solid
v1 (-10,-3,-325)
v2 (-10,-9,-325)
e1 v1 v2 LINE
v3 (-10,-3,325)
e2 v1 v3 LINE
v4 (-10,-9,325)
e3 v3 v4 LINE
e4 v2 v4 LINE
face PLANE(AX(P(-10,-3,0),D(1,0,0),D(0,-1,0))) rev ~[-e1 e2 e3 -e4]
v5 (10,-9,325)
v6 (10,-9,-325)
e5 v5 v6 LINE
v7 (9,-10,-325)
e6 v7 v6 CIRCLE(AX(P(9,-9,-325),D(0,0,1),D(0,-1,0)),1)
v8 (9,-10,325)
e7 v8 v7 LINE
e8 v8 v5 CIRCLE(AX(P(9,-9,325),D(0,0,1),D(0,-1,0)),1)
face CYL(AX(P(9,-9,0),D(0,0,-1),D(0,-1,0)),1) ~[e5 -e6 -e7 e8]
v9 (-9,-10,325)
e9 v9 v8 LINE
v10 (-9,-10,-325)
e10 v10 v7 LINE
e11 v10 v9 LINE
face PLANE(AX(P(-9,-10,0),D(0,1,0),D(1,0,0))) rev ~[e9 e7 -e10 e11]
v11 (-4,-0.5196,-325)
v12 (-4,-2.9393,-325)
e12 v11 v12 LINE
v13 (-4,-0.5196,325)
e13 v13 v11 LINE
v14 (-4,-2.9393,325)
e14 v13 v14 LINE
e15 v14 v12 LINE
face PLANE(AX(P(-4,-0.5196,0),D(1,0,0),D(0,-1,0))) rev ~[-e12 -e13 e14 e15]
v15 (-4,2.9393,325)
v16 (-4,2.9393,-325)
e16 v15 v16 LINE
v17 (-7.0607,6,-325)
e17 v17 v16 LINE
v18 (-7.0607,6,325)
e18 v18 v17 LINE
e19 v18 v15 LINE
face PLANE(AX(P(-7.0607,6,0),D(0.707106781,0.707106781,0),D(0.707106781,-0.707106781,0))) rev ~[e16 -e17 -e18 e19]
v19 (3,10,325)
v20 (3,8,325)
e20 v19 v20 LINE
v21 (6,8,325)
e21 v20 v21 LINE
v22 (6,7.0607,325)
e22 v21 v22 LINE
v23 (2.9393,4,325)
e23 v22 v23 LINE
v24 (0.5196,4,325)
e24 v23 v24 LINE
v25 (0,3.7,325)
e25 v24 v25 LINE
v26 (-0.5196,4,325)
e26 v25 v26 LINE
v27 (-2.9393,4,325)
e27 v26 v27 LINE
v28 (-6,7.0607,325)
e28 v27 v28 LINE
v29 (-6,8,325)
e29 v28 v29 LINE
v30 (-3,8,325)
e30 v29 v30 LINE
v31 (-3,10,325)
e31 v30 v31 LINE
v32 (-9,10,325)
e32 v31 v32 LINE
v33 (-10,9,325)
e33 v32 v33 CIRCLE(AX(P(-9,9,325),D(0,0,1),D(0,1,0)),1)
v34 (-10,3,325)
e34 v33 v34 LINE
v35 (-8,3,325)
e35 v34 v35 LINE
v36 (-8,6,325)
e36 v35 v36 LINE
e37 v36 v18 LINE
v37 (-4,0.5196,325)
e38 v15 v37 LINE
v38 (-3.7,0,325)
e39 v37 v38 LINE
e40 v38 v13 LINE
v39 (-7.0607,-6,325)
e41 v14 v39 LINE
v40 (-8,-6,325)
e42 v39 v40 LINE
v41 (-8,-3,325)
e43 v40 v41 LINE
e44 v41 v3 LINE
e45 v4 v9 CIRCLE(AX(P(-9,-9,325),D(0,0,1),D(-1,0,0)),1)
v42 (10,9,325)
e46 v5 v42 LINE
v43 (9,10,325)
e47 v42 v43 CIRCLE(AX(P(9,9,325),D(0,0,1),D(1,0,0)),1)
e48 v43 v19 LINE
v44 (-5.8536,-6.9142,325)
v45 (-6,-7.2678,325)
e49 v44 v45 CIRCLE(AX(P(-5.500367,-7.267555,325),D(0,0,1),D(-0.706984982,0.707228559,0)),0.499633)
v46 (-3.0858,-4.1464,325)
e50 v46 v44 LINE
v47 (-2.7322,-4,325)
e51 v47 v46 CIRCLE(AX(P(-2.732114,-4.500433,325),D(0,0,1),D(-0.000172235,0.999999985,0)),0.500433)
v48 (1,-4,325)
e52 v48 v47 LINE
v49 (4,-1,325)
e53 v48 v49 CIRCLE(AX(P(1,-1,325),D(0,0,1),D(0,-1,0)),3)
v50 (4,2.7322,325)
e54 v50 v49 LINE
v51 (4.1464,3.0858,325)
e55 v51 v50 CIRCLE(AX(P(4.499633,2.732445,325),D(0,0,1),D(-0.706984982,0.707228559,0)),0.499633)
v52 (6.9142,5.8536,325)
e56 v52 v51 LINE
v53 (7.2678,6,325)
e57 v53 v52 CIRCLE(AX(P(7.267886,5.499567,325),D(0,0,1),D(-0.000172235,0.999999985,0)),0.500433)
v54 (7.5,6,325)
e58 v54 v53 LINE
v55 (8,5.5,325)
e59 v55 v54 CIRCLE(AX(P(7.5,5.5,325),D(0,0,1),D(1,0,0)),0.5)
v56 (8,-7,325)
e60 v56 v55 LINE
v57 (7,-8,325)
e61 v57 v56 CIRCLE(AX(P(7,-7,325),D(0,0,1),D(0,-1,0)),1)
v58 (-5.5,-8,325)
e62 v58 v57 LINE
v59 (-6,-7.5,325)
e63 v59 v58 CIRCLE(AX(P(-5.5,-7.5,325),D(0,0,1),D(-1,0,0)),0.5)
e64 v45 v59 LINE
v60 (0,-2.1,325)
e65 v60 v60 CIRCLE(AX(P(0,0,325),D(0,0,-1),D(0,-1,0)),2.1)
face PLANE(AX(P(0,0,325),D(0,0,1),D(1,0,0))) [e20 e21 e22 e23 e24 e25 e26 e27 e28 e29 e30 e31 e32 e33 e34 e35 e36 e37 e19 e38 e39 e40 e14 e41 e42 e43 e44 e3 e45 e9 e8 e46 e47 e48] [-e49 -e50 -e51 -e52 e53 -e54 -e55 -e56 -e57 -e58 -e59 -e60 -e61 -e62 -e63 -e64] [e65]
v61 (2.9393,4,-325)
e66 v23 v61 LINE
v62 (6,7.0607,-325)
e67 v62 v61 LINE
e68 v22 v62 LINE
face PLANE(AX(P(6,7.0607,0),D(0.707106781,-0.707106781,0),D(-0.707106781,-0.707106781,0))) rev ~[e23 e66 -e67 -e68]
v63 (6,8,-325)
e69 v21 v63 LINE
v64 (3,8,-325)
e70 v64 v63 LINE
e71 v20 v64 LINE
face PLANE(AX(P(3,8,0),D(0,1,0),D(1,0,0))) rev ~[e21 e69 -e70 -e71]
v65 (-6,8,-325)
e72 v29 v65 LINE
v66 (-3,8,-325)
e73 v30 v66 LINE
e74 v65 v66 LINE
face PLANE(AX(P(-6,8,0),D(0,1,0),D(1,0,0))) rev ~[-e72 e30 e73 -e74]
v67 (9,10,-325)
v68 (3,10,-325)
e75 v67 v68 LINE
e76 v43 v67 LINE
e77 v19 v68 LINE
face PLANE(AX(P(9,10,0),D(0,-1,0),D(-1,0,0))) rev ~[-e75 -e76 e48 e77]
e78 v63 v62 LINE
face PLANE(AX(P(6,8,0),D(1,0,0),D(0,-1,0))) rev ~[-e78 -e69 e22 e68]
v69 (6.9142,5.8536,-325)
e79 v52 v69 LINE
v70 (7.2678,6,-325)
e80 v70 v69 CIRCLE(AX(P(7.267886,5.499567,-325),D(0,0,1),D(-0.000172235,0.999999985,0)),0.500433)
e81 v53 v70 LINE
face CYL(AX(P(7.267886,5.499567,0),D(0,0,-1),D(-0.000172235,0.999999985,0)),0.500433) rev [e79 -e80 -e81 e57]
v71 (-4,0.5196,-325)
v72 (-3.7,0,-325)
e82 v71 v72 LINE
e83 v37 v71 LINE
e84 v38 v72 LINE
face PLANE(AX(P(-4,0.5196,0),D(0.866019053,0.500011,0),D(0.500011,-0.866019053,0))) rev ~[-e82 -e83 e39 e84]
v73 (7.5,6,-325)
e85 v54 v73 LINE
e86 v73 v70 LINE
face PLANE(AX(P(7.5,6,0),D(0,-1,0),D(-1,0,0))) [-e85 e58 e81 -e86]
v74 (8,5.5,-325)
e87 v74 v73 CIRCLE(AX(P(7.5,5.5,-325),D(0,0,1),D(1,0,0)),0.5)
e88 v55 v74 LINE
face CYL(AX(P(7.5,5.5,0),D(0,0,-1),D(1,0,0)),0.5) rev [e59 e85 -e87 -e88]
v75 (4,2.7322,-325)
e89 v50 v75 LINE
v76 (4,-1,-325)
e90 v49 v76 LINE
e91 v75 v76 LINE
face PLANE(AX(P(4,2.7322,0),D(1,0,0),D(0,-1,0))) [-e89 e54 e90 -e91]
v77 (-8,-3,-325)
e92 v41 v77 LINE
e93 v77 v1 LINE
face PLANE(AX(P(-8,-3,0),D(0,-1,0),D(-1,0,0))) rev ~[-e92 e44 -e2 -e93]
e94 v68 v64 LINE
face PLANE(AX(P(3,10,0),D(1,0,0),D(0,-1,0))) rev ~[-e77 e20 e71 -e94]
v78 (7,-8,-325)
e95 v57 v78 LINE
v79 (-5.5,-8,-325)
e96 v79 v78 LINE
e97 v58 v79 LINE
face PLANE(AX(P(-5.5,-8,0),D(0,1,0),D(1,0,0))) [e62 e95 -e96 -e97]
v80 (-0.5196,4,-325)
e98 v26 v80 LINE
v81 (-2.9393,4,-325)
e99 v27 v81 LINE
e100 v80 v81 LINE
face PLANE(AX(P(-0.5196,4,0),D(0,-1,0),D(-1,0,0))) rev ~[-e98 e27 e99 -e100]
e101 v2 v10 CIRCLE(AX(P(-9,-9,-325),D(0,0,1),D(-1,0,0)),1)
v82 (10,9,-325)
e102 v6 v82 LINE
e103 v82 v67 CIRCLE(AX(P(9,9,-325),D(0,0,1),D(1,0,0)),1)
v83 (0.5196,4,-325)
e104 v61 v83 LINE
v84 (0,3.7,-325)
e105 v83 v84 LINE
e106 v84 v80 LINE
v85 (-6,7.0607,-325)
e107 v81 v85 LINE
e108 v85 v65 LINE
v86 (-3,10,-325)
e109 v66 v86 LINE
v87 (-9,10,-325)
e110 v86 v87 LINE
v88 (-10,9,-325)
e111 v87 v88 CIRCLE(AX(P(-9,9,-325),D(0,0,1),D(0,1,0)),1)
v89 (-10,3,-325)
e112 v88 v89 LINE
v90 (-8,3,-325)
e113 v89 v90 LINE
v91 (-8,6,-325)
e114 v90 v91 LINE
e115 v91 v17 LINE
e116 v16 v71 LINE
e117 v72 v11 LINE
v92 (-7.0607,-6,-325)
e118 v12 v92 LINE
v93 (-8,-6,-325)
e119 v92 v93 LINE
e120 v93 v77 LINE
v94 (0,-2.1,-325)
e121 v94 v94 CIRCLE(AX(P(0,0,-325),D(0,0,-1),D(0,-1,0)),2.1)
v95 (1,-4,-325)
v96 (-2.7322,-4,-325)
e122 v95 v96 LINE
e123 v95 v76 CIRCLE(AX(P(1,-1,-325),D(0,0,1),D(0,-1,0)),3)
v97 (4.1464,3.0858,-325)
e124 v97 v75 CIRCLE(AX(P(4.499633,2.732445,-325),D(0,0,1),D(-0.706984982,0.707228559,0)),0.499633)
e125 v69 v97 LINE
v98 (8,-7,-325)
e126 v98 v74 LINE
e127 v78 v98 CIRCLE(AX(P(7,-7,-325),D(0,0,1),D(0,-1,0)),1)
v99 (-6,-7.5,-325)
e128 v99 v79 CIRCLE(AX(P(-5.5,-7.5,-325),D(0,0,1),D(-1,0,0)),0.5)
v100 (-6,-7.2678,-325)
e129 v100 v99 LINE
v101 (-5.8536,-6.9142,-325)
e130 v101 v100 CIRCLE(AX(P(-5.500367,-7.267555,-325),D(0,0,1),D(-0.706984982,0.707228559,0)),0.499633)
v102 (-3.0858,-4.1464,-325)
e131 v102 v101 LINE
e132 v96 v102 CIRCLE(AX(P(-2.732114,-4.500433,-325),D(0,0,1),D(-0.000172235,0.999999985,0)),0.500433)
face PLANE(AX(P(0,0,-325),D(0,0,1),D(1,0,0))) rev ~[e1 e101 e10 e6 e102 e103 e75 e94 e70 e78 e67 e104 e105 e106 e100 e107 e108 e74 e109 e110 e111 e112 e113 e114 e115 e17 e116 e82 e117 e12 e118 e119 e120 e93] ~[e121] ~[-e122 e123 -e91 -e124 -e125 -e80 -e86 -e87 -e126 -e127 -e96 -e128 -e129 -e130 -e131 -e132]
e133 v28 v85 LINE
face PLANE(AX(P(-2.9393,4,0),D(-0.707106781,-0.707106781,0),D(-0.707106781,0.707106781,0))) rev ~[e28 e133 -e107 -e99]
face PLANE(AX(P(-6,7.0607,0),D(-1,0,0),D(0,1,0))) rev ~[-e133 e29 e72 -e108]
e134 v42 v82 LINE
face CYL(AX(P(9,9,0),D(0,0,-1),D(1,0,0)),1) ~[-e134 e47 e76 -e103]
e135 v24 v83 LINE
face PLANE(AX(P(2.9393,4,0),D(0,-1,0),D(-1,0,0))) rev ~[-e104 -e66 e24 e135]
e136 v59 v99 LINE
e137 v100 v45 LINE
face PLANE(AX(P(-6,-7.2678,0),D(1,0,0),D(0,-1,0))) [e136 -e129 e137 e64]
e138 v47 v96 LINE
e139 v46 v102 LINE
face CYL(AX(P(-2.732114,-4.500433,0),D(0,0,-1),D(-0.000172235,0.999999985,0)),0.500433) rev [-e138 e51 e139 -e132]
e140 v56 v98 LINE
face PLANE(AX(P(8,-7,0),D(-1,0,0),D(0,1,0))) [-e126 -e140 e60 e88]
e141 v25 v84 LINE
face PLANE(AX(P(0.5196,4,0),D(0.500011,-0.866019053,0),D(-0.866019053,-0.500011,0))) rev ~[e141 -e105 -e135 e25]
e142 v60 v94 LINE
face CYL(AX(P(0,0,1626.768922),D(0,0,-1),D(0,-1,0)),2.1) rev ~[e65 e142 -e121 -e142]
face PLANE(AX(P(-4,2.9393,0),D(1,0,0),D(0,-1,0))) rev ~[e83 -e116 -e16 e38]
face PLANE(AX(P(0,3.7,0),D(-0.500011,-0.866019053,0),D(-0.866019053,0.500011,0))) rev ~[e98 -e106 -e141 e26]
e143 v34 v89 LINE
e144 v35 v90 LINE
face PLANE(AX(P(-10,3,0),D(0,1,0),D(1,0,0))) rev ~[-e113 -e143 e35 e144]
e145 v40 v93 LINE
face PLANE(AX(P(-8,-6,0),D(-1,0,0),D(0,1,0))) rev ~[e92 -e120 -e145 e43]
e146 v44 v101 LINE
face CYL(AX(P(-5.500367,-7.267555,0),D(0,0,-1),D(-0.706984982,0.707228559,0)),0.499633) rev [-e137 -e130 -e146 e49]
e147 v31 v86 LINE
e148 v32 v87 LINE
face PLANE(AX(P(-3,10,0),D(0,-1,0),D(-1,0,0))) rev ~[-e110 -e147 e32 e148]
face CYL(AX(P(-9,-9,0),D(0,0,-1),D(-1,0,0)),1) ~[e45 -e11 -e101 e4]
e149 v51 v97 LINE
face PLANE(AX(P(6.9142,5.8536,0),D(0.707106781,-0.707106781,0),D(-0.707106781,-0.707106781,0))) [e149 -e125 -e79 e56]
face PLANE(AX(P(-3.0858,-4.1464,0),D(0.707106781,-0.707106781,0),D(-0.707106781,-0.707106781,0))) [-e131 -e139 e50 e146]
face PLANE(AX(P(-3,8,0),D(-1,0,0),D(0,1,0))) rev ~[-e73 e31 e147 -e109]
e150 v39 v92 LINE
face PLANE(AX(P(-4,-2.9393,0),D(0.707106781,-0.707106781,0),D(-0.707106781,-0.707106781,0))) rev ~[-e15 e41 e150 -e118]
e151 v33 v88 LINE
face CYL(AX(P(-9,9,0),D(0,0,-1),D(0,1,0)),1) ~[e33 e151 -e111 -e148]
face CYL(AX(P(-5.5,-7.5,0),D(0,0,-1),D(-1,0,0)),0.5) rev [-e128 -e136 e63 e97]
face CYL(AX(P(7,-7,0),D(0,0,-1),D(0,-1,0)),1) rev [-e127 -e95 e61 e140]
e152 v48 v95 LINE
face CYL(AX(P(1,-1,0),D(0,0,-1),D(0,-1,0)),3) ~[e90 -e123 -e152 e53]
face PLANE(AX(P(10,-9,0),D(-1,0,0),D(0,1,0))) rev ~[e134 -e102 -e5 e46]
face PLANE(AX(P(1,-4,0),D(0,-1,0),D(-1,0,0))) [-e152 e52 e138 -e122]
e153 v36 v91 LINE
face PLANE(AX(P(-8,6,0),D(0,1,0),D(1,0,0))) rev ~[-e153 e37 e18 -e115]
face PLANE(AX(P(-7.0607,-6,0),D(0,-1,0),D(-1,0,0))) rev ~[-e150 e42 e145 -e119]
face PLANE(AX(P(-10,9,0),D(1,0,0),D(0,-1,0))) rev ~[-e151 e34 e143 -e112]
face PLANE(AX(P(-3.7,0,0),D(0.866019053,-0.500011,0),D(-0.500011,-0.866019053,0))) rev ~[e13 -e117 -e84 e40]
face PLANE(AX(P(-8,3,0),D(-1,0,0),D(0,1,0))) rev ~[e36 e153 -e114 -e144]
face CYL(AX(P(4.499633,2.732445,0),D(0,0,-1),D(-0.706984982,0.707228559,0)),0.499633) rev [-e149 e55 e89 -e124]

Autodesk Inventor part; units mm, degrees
sketch "Sketch_64" plane through (0, 0, 0) normal (0, 0, 1) x (1, 0, 0)
  line L0 (-10, -3) -> (-10, -9)
  arc A0 (-10, -9) -> (-9, -10) centre (-9, -9) ccw
  line L1 (-9, -10) -> (9, -10)
  arc A1 (9, -10) -> (10, -9) centre (9, -9) ccw
  line L2 (10, -9) -> (10, 9)
  arc A2 (10, 9) -> (9, 10) centre (9, 9) ccw
  line L3 (9, 10) -> (3, 10)
  line L4 (3, 10) -> (3, 8)
  line L5 (3, 8) -> (6, 8)
  line L6 (6, 8) -> (6, 7.0607)
  line L7 (6, 7.0607) -> (2.9393, 4)
  line L8 (2.9393, 4) -> (0.5196, 4)
  line L9 (0.5196, 4) -> (0, 3.7)
  line L10 (0, 3.7) -> (-0.5196, 4)
  line L11 (-0.5196, 4) -> (-2.9393, 4)
  line L12 (-2.9393, 4) -> (-6, 7.0607)
  line L13 (-6, 7.0607) -> (-6, 8)
  line L14 (-6, 8) -> (-3, 8)
  line L15 (-3, 8) -> (-3, 10)
  line L16 (-3, 10) -> (-9, 10)
  arc A3 (-9, 10) -> (-10, 9) centre (-9, 9) ccw
  line L17 (-10, 9) -> (-10, 3)
  line L18 (-10, 3) -> (-8, 3)
  line L19 (-8, 3) -> (-8, 6)
  line L20 (-8, 6) -> (-7.0607, 6)
  line L21 (-7.0607, 6) -> (-4, 2.9393)
  line L22 (-4, 2.9393) -> (-4, 0.5196)
  line L23 (-4, 0.5196) -> (-3.7, 0)
  line L24 (-3.7, 0) -> (-4, -0.5196)
  line L25 (-4, -0.5196) -> (-4, -2.9393)
  line L26 (-4, -2.9393) -> (-7.0607, -6)
  line L27 (-7.0607, -6) -> (-8, -6)
  line L28 (-8, -6) -> (-8, -3)
  line L29 (-8, -3) -> (-10, -3)
  line L30 (-6, -7.2678) -> (-6, -7.5)
  arc A4 (-6, -7.5) -> (-5.5, -8) centre (-5.5, -7.5) ccw
  line L31 (-5.5, -8) -> (7, -8)
  arc A5 (7, -8) -> (8, -7) centre (7, -7) ccw
  line L32 (8, -7) -> (8, 5.5)
  arc A6 (8, 5.5) -> (7.5, 6) centre (7.5, 5.5) ccw
  line L33 (7.5, 6) -> (7.2678, 6)
  arc A7 (7.2678, 6) -> (6.9142, 5.8536) centre (7.2678, 5.5) ccw
  line L34 (6.9142, 5.8536) -> (4.1464, 3.0858)
  arc A8 (4.1464, 3.0858) -> (4, 2.7322) centre (4.5, 2.7322) ccw
  line L35 (4, 2.7322) -> (4, -1)
  arc A9 (1, -4) -> (4, -1) centre (1, -1) ccw
  line L36 (1, -4) -> (-2.7322, -4)
  arc A10 (-2.7322, -4) -> (-3.0858, -4.1464) centre (-2.7322, -4.5) ccw
  line L37 (-3.0858, -4.1464) -> (-5.8536, -6.9142)
  arc A11 (-5.8536, -6.9142) -> (-6, -7.2678) centre (-5.5, -7.2678) ccw
extrude "Extrusion1" add sketch "Sketch_64" along normal mid plane 650
sketch "Sketch2" plane through (0, 0, 325) normal (0, 0, 1) x (-1, 0, 0)
  point P0 (0, 0)
hole "Hole1" at (0, 0, 325) direction (0, 0, -1) diameter 4.2 end through all both
ref_plane "C1_XY" through (0, 0, 0) normal (0, 0, 1) x (1, 0, 0)
ref_plane "C1_YZ" through (0, 0, 0) normal (1, 0, 0) x (0, 1, 0)
ref_plane "C1_ZX" through (0, 0, 0) normal (0, 1, 0) x (0, 0, 1)
thread "Thread1" size "M5x0.8" class "6H" standard "ANSI Metric M Profile" length 10
thread "Thread2" size "M5x0.8" class "6H" standard "ANSI Metric M Profile" length 10
properties part number "HFSTB5-2020-500" material "Aluminum 6061"
